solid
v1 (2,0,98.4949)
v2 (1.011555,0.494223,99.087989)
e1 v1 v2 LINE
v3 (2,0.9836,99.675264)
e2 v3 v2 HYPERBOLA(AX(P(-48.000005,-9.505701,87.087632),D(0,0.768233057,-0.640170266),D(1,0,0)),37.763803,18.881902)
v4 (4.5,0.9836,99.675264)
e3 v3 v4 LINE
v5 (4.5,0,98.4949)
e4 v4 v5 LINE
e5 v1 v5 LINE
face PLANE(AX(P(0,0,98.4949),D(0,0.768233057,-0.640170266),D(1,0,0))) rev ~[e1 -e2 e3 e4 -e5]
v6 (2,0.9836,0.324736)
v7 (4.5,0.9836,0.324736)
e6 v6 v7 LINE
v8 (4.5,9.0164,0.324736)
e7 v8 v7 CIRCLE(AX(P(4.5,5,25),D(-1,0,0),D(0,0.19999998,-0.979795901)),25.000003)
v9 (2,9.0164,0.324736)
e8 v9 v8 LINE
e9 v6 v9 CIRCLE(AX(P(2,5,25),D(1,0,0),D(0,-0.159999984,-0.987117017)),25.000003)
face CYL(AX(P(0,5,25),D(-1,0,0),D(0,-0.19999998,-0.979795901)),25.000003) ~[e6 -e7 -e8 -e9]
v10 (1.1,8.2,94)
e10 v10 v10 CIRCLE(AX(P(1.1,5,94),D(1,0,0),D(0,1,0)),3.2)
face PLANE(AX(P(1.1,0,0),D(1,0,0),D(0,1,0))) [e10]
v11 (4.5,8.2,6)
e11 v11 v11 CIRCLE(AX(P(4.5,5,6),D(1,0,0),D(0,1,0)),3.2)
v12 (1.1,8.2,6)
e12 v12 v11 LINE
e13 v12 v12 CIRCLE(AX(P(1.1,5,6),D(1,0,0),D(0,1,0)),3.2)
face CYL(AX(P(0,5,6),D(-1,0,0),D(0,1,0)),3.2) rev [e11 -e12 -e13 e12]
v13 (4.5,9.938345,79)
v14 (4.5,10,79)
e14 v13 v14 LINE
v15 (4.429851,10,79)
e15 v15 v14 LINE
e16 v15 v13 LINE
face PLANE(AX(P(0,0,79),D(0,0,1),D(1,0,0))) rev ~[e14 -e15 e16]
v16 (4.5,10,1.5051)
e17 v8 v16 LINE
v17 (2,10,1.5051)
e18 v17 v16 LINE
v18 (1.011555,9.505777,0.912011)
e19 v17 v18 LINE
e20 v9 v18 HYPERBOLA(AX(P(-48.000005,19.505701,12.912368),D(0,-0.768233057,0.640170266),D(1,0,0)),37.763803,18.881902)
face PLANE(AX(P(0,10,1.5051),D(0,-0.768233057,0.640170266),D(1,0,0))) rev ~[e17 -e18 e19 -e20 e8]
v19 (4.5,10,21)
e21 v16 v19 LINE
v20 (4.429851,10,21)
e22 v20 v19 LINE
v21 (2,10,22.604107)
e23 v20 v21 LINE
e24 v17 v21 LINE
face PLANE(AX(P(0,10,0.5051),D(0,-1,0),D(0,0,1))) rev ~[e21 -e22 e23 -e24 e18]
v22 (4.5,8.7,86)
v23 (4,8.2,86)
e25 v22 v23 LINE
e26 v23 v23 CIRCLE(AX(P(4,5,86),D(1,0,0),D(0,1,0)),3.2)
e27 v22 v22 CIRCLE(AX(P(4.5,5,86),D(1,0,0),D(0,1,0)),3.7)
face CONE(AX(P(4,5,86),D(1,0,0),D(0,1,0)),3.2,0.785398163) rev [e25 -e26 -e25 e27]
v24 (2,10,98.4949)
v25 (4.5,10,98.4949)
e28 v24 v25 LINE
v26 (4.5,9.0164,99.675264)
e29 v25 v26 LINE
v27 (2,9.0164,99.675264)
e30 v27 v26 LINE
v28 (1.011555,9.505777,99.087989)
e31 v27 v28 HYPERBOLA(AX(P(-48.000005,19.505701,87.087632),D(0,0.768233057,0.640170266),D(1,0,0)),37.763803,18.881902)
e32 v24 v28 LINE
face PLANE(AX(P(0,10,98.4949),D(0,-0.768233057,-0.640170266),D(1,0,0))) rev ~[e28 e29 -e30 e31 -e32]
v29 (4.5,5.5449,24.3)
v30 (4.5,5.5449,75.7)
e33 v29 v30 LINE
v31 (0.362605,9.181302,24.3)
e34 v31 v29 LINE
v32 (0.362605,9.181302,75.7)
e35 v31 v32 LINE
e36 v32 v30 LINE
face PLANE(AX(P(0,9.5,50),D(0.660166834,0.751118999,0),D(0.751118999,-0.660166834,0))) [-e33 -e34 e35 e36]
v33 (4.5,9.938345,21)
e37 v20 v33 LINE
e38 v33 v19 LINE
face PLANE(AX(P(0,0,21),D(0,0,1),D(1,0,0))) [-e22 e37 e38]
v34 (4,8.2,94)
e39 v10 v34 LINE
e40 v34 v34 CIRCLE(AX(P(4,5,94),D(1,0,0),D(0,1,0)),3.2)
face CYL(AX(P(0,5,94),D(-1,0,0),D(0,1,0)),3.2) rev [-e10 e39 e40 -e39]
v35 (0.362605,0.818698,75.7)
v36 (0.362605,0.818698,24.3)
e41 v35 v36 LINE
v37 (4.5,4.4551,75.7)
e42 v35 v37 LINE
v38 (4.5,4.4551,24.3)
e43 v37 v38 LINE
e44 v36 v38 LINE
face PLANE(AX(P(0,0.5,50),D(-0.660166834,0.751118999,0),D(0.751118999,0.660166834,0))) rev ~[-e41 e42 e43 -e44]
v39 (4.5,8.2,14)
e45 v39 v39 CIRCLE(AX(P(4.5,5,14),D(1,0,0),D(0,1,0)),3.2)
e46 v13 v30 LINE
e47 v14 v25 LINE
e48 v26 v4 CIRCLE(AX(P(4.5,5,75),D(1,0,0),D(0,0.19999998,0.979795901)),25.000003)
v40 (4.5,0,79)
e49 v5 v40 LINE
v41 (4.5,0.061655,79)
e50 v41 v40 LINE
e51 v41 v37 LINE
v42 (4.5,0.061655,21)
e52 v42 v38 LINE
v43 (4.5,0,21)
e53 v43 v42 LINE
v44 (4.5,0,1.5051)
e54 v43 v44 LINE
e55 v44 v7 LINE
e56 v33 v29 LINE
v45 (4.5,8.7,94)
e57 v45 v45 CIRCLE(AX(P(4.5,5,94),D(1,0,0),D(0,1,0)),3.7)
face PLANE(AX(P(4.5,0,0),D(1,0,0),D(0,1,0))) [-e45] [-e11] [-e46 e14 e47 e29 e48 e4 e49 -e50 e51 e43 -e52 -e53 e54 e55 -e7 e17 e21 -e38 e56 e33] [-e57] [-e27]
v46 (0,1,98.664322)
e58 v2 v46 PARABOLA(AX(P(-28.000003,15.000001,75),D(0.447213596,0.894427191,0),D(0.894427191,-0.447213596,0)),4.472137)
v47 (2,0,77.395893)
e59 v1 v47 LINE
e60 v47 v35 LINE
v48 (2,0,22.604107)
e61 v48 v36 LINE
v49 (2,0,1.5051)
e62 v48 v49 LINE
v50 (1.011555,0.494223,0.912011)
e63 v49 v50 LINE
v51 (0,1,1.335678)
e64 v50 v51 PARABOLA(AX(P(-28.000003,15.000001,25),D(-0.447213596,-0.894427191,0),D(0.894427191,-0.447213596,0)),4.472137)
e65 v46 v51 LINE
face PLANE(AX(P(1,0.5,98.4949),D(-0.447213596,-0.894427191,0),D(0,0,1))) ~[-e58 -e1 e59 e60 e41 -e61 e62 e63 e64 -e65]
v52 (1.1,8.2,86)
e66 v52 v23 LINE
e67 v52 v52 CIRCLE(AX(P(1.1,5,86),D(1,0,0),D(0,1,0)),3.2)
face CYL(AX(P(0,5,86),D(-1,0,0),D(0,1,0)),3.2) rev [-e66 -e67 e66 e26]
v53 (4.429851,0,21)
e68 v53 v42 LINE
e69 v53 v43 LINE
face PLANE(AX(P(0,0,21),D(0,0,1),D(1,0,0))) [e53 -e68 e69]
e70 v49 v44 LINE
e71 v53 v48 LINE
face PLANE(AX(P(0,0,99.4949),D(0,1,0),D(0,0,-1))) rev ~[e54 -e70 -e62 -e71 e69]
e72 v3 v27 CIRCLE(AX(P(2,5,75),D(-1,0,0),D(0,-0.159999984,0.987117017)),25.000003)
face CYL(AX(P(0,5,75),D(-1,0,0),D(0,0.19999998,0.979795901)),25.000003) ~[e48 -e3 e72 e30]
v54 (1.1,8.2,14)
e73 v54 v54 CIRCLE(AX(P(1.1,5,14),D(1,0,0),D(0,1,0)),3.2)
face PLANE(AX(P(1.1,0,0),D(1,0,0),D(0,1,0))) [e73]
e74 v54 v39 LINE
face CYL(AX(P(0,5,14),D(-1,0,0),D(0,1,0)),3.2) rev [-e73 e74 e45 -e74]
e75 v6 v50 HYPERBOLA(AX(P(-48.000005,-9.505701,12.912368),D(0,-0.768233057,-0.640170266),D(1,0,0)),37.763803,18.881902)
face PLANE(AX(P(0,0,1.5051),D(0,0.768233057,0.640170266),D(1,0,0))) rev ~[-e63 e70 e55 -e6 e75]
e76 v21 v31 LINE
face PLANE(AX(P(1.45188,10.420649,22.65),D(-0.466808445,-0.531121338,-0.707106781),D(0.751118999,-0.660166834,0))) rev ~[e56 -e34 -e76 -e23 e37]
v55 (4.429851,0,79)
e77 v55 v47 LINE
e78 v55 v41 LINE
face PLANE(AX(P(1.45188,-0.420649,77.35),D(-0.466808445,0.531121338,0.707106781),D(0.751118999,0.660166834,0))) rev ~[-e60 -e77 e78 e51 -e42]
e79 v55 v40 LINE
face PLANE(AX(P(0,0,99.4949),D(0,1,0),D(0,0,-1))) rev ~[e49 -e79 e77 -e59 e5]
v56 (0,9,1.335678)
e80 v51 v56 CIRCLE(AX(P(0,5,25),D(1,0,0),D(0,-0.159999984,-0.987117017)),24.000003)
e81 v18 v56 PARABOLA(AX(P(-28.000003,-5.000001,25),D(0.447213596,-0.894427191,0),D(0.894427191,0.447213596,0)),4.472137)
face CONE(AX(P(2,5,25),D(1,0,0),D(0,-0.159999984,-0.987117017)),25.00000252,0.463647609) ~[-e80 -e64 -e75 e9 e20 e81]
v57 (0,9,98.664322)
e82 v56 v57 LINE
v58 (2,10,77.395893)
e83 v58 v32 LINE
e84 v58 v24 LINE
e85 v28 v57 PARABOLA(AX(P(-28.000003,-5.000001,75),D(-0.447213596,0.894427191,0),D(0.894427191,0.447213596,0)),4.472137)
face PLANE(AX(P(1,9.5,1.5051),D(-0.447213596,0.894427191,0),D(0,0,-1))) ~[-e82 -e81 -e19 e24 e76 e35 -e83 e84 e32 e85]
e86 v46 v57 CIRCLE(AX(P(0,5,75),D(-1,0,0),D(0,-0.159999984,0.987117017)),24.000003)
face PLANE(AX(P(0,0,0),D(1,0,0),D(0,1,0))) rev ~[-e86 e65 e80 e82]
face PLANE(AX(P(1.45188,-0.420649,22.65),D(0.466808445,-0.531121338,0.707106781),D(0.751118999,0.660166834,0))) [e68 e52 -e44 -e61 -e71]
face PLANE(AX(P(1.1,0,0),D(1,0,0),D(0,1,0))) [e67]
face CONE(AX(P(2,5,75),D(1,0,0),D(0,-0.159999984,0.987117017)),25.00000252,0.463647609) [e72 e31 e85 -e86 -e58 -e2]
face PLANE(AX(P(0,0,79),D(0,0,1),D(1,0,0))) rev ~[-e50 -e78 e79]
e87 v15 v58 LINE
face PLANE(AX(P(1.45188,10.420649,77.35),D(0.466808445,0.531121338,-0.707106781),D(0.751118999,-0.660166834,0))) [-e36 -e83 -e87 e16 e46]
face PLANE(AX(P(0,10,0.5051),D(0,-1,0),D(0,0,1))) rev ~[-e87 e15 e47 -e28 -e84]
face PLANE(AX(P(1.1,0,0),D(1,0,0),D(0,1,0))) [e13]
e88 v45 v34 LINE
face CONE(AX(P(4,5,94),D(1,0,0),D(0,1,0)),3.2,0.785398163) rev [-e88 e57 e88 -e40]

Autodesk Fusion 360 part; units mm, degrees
sketch "Sketch1" plane through (0, 0, 0) normal (1, 0, 0) x (0, 1, 0)
  line L0 (0, 0) -> (10, 0)
  line L1 (10, 0) -> (10, 100)
  line L2 (10, 100) -> (0, 100)
  line L3 (0, 100) -> (0, 0)
  line L4 (5, 0) -> (5, 100) construction
  circle A0 centre (5, 94) radius 3.2
  line L5 (0, 90) -> (10, 90) construction
  circle A1 centre (5, 86) radius 3.2
  arc A2 (0, 0.5051) -> (10, 0.5051) centre (5, 25) ccw
  arc A3 (10, 99.4949) -> (0, 99.4949) centre (5, 75) ccw
  line L6 (0, 50) -> (10, 50) construction
  circle A4 centre (5, 6) radius 3.2
  circle A5 centre (5, 14) radius 3.2
  dimension "d1" = 10
  dimension "d2" = 100
  dimension "d3" = 6.4
  dimension "d4" = 8
  dimension "d11" = 25
  dimension "d20" = 40
extrude "Extrude1" add sketch "Sketch1" along normal blind 4.5 contours L1 L3 A2 A3
extrude "Extrude2" add sketch "Sketch1" along normal up to surface (1.1 mm away) contours A0 | A1 | A4 | A5
sketch "Sketch2" plane through (0, 0, 0) normal (0, 0, 1) x (1, 0, 0)
  line L0 (0, 9.5) -> (4.5, 5.5449)
  line L1 (0, 0) -> (0, 10)
  line L2 (0, 0) -> (0, 10)
  line L3 (0, 0) -> (4.5, 0)
  line L4 (4.5, 0) -> (0, 0)
  line L5 (4.5, 8.2) -> (4.5, 1.8)
  line L6 (4.5, 8.2) -> (4.5, 1.8)
  line L7 (4.5, 8.2) -> (4.5, 1.8)
  line L8 (4.5, 8.2) -> (4.5, 1.8)
  line L9 (4.5, 0) -> (4.5, 10)
  line L10 (4.5, 0) -> (4.5, 10)
  line L11 (0, 10) -> (4.5, 10)
  line L12 (4.5, 10) -> (0, 10)
  line L13 (4.5, 5) -> (0, 5) construction
  line L14 (0, 0.5) -> (4.5, 4.4551)
  dimension "d26" = 0.5
extrude "Extrude3" cut sketch "Sketch2" along normal mid plane 58 from surface at 50 contours L0 L1 L2 L5 L6 L7 L8 L9 L10 L11 L12 | L1 L2 L3 L4 L5 L6 L7 L8 L9 L10 L14
chamfer "Chamfer1" distance 0.5 angle 45 2 edges at (4.5, 2.0166, 95.1572) (4.5, 2.0166, 87.1572)
chamfer "Chamfer3" distance 1 distance2 1 4 edges at (2.25, 0, 99.4949) (2.25, 10, 99.4949) (2.25, 0, 0.5051) (2.25, 10, 0.5051) measured on face at (3, 7.7908, 99.8437) measured on face at (3, 10, 85.8316) measured on face at (3, 0, 14.1684) measured on face at (3, 4.4407, 0.0063)
chamfer "Chamfer2" distance 2 distance2 1 10 edges at (0, 0, 88.7474) (0, 0, 11.2526) (0, 10, 11.2526) (0, 10, 88.7474) (0, 5, 100) (0, 5, 0) (0, 0.4918, 99.0851) (0, 9.5082, 99.0851) (0, 9.5082, 0.9149) (0, 0.4918, 0.9149) measured on face at (1.5, 0, 91.9966) measured on face at (3, 0, 14.5017) measured on face at (3, 10, 8.0034) measured on face at (3, 10, 85.4983) measured on face at (3, 8.1292, 99.8034) measured on face at (3, 4.5518, 0.004) measured on face at (3, 0.6557, 99.2818) measured on face at (3, 9.6721, 98.8884) measured on face at (1.5, 9.6721, 1.1116) measured on face at (1.5, 0.6557, 0.7182)
chamfer "Chamfer4" distance 3.3 angle 45 4 edges at (2.4313, 7.3631, 21) (2.4313, 7.3631, 79) (2.4313, 2.6369, 21) (2.4313, 2.6369, 79)
